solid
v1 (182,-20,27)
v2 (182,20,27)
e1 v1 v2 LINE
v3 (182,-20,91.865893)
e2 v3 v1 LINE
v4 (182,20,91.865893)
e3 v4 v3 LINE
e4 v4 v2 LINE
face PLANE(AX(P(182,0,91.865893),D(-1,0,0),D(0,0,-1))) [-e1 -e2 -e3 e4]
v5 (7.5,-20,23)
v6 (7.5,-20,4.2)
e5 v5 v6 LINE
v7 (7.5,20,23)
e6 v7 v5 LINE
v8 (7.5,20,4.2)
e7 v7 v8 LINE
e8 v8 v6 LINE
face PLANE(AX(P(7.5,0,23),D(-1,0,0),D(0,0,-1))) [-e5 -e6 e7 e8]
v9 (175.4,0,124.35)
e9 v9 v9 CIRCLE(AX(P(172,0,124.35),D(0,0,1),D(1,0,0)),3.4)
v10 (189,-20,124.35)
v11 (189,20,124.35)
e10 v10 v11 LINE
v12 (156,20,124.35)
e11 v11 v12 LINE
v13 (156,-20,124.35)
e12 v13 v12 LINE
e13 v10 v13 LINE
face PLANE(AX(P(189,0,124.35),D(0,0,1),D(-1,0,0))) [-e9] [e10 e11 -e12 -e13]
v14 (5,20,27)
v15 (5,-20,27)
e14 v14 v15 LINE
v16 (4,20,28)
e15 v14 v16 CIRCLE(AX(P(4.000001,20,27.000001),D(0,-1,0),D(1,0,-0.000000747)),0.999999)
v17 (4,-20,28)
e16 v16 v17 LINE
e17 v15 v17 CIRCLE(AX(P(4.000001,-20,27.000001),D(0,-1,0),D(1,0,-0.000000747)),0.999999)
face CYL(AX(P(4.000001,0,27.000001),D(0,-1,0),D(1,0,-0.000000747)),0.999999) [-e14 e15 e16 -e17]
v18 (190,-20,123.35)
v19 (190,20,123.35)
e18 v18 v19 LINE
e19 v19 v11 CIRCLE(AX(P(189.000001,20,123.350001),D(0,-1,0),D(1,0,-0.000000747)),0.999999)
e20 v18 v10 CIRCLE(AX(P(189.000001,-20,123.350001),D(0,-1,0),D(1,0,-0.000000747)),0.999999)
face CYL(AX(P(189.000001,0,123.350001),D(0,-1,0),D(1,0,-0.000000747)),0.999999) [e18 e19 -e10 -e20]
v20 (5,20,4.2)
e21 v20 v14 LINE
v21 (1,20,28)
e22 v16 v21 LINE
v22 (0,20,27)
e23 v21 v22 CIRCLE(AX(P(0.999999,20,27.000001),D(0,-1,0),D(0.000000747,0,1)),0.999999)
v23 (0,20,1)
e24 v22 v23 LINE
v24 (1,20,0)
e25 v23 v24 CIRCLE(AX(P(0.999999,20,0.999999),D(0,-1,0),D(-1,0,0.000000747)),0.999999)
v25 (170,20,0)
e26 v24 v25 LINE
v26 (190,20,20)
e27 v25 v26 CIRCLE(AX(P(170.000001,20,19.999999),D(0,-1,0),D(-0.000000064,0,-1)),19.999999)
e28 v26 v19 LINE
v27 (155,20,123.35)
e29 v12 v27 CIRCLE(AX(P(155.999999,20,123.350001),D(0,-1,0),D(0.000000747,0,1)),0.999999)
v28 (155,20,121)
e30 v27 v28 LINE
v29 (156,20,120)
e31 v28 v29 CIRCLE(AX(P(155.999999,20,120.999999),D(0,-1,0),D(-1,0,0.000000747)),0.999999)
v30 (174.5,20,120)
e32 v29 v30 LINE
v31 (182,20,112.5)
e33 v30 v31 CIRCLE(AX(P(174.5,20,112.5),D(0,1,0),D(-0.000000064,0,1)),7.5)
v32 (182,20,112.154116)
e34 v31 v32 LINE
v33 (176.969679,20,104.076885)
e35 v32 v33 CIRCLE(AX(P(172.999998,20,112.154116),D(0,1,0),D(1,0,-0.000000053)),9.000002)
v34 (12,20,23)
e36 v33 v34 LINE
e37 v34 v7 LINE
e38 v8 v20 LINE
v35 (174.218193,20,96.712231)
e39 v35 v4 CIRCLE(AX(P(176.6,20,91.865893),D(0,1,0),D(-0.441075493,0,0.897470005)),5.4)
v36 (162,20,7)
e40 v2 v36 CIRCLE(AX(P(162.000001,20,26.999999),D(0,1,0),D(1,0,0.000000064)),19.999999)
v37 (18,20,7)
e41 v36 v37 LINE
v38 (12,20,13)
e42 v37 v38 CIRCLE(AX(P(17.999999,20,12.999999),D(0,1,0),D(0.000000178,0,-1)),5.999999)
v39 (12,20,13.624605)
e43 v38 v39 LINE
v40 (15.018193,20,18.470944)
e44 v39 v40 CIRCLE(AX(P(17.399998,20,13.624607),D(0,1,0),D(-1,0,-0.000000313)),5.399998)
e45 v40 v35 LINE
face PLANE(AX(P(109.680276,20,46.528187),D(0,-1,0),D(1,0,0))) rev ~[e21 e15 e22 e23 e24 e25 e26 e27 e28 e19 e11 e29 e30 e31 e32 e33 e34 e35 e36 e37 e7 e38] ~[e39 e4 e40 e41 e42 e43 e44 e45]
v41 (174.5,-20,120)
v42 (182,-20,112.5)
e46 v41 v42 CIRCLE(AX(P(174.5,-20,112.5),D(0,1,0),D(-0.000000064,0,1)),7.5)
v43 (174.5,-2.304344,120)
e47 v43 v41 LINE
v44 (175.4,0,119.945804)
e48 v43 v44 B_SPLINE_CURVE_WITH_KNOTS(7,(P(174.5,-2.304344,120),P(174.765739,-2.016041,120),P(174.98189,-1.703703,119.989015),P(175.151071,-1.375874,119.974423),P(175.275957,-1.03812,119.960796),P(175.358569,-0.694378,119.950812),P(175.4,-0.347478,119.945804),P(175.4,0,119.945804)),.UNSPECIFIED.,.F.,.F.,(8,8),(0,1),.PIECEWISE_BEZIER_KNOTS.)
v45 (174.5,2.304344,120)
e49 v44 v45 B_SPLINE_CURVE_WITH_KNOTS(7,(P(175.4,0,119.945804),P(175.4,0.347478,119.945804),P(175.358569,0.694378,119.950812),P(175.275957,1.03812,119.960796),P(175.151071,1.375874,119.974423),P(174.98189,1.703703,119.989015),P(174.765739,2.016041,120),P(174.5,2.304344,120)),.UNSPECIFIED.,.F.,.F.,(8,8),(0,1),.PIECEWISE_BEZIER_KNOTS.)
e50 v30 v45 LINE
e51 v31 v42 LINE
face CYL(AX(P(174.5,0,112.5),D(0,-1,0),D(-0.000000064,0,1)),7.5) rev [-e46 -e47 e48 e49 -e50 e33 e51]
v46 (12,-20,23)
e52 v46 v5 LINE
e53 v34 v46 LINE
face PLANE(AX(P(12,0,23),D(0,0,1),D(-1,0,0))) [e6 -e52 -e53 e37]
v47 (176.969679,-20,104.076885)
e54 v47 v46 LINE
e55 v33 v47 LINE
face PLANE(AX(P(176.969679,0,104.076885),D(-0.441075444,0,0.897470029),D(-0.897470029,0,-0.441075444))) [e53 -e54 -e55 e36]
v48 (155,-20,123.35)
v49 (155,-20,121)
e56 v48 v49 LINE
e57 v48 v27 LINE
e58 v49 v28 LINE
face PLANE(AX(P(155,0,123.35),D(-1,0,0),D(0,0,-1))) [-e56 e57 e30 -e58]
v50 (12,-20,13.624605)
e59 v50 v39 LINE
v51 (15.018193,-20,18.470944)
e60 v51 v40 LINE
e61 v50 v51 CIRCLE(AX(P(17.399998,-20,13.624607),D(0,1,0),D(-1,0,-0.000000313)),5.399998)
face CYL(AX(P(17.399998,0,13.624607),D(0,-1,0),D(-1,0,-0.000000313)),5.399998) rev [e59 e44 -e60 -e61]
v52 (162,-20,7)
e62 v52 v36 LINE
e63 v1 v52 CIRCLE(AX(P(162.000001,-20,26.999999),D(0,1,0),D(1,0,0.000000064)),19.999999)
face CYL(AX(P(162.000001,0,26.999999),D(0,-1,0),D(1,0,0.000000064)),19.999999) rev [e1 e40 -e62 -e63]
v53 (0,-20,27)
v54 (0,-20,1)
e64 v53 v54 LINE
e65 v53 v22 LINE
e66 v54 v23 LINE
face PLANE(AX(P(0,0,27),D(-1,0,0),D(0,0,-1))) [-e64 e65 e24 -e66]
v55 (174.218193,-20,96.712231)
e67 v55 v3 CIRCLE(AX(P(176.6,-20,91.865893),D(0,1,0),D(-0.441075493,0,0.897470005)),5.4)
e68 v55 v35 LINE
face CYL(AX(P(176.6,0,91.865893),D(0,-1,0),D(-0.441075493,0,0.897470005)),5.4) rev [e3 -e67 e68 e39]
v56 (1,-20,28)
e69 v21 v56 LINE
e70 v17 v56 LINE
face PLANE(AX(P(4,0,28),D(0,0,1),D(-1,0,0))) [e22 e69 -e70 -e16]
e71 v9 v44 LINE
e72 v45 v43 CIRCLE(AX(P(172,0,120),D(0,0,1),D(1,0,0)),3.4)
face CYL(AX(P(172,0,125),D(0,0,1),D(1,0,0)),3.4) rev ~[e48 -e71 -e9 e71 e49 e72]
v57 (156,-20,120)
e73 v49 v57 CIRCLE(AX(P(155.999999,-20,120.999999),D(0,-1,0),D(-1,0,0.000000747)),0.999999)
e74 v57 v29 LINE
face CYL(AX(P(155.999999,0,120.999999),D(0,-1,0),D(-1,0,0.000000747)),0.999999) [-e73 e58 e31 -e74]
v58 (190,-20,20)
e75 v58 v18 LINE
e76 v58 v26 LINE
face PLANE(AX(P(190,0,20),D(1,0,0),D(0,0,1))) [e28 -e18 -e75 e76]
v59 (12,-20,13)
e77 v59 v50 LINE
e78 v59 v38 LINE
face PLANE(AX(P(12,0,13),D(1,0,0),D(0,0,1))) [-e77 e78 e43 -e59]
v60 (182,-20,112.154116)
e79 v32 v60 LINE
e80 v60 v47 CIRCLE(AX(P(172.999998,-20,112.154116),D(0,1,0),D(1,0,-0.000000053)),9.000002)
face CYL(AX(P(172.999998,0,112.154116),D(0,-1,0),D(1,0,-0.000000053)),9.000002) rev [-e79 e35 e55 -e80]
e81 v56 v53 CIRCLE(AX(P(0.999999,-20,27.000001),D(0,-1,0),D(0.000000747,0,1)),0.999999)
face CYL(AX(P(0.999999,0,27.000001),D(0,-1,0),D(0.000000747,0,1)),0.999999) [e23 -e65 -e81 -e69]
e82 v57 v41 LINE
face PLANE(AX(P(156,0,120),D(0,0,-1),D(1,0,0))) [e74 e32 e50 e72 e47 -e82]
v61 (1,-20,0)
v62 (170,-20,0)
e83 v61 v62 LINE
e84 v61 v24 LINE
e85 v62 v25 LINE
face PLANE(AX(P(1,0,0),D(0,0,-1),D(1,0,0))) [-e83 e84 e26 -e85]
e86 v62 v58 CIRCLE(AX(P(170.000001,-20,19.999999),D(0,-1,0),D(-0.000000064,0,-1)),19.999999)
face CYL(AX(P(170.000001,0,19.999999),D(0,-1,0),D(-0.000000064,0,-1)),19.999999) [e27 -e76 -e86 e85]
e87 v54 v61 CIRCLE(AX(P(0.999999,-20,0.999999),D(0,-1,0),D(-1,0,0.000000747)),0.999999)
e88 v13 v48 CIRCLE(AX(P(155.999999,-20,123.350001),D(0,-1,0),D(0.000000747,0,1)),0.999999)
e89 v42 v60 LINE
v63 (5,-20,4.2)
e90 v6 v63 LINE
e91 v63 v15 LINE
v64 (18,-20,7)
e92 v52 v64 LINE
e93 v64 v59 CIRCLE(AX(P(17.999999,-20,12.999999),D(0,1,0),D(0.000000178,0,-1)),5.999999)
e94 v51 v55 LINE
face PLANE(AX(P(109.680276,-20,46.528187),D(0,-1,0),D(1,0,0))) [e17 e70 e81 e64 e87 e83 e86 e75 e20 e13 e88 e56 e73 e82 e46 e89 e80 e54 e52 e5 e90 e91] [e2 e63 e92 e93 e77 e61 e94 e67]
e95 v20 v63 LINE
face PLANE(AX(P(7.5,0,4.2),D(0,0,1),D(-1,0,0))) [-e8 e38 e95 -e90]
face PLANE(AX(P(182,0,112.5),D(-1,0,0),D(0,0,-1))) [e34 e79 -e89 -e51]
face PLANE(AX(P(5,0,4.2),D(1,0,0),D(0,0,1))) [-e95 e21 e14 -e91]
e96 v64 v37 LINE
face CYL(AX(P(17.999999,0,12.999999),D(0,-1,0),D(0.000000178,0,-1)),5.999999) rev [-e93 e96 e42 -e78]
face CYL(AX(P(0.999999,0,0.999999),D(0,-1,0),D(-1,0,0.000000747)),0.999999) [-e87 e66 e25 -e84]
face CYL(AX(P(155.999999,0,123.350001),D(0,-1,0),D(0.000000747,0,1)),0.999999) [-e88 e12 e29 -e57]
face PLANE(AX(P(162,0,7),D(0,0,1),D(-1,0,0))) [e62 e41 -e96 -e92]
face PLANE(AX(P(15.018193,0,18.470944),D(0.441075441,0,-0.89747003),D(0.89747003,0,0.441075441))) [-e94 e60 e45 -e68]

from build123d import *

# Parameters (mm, degrees)
F1_DEPTH = 20
F3_R     = 3.4
F4_DEPTH = 10


with BuildPart() as f1:
    # F0 (on Front) → F1 (new body, symmetric)
    with BuildSketch(Plane.XZ):
        with BuildLine():
            Line((156, 120), (174.5, 120))
            ThreePointArc((174.5, 120), (179.803301, 117.803301), (182, 112.5))
            Line((182, 112.5), (182, 112.154116))
            ThreePointArc((182, 112.154116), (180.639604, 107.396338), (176.969679, 104.076885))
            Line((176.969679, 104.076885), (12, 23))
            Line((12, 23), (7.5, 23))
            Line((7.5, 23), (7.5, 4.2))
            Line((7.5, 4.2), (5, 4.2))
            Line((5, 4.2), (5, 27))
            ThreePointArc((5, 27), (4.707107, 27.707107), (4, 28))
            Line((4, 28), (1, 28))
            ThreePointArc((1, 28), (0.292893, 27.707107), (0, 27))
            Line((0, 27), (0, 1))
            ThreePointArc((0, 1), (0.292893, 0.292893), (1, 0))
            Line((1, 0), (170, 0))
            ThreePointArc((170, 0), (184.142136, 5.857864), (190, 20))
            Line((190, 20), (190, 120))
            Line((190, 120), (190, 123.35))
            ThreePointArc((190, 123.35), (189.707107, 124.057107), (189, 124.35))
            Line((189, 124.35), (156, 124.35))
            ThreePointArc((156, 124.35), (155.292893, 124.057107), (155, 123.35))
            Line((155, 123.35), (155, 121))
            ThreePointArc((155, 121), (155.292893, 120.292893), (156, 120))
        make_face()
        with BuildLine():
            Line((182, 91.865893), (182, 27))
            ThreePointArc((182, 27), (176.142136, 12.857864), (162, 7))
            Line((162, 7), (22, 7))
            Line((22, 7), (18, 7))
            ThreePointArc((18, 7), (13.757359, 8.757359), (12, 13))
            Line((12, 13), (12, 13.624605))
            ThreePointArc((12, 13.624605), (12.816237, 16.479272), (15.018193, 18.470944))
            Line((15.018193, 18.470944), (174.218193, 96.712231))
            ThreePointArc((174.218193, 96.712231), (179.454666, 96.449656), (182, 91.865893))
        make_face(mode=Mode.SUBTRACT)
    extrude(amount=F1_DEPTH, both=True)

    # F3 (on offset) → F4 (cut)
    with BuildSketch(Plane.XY.offset(125)):
        with Locations((172, 0)):
            Circle(F3_R)
    extrude(amount=-F4_DEPTH, mode=Mode.SUBTRACT)


solid = f1.part
